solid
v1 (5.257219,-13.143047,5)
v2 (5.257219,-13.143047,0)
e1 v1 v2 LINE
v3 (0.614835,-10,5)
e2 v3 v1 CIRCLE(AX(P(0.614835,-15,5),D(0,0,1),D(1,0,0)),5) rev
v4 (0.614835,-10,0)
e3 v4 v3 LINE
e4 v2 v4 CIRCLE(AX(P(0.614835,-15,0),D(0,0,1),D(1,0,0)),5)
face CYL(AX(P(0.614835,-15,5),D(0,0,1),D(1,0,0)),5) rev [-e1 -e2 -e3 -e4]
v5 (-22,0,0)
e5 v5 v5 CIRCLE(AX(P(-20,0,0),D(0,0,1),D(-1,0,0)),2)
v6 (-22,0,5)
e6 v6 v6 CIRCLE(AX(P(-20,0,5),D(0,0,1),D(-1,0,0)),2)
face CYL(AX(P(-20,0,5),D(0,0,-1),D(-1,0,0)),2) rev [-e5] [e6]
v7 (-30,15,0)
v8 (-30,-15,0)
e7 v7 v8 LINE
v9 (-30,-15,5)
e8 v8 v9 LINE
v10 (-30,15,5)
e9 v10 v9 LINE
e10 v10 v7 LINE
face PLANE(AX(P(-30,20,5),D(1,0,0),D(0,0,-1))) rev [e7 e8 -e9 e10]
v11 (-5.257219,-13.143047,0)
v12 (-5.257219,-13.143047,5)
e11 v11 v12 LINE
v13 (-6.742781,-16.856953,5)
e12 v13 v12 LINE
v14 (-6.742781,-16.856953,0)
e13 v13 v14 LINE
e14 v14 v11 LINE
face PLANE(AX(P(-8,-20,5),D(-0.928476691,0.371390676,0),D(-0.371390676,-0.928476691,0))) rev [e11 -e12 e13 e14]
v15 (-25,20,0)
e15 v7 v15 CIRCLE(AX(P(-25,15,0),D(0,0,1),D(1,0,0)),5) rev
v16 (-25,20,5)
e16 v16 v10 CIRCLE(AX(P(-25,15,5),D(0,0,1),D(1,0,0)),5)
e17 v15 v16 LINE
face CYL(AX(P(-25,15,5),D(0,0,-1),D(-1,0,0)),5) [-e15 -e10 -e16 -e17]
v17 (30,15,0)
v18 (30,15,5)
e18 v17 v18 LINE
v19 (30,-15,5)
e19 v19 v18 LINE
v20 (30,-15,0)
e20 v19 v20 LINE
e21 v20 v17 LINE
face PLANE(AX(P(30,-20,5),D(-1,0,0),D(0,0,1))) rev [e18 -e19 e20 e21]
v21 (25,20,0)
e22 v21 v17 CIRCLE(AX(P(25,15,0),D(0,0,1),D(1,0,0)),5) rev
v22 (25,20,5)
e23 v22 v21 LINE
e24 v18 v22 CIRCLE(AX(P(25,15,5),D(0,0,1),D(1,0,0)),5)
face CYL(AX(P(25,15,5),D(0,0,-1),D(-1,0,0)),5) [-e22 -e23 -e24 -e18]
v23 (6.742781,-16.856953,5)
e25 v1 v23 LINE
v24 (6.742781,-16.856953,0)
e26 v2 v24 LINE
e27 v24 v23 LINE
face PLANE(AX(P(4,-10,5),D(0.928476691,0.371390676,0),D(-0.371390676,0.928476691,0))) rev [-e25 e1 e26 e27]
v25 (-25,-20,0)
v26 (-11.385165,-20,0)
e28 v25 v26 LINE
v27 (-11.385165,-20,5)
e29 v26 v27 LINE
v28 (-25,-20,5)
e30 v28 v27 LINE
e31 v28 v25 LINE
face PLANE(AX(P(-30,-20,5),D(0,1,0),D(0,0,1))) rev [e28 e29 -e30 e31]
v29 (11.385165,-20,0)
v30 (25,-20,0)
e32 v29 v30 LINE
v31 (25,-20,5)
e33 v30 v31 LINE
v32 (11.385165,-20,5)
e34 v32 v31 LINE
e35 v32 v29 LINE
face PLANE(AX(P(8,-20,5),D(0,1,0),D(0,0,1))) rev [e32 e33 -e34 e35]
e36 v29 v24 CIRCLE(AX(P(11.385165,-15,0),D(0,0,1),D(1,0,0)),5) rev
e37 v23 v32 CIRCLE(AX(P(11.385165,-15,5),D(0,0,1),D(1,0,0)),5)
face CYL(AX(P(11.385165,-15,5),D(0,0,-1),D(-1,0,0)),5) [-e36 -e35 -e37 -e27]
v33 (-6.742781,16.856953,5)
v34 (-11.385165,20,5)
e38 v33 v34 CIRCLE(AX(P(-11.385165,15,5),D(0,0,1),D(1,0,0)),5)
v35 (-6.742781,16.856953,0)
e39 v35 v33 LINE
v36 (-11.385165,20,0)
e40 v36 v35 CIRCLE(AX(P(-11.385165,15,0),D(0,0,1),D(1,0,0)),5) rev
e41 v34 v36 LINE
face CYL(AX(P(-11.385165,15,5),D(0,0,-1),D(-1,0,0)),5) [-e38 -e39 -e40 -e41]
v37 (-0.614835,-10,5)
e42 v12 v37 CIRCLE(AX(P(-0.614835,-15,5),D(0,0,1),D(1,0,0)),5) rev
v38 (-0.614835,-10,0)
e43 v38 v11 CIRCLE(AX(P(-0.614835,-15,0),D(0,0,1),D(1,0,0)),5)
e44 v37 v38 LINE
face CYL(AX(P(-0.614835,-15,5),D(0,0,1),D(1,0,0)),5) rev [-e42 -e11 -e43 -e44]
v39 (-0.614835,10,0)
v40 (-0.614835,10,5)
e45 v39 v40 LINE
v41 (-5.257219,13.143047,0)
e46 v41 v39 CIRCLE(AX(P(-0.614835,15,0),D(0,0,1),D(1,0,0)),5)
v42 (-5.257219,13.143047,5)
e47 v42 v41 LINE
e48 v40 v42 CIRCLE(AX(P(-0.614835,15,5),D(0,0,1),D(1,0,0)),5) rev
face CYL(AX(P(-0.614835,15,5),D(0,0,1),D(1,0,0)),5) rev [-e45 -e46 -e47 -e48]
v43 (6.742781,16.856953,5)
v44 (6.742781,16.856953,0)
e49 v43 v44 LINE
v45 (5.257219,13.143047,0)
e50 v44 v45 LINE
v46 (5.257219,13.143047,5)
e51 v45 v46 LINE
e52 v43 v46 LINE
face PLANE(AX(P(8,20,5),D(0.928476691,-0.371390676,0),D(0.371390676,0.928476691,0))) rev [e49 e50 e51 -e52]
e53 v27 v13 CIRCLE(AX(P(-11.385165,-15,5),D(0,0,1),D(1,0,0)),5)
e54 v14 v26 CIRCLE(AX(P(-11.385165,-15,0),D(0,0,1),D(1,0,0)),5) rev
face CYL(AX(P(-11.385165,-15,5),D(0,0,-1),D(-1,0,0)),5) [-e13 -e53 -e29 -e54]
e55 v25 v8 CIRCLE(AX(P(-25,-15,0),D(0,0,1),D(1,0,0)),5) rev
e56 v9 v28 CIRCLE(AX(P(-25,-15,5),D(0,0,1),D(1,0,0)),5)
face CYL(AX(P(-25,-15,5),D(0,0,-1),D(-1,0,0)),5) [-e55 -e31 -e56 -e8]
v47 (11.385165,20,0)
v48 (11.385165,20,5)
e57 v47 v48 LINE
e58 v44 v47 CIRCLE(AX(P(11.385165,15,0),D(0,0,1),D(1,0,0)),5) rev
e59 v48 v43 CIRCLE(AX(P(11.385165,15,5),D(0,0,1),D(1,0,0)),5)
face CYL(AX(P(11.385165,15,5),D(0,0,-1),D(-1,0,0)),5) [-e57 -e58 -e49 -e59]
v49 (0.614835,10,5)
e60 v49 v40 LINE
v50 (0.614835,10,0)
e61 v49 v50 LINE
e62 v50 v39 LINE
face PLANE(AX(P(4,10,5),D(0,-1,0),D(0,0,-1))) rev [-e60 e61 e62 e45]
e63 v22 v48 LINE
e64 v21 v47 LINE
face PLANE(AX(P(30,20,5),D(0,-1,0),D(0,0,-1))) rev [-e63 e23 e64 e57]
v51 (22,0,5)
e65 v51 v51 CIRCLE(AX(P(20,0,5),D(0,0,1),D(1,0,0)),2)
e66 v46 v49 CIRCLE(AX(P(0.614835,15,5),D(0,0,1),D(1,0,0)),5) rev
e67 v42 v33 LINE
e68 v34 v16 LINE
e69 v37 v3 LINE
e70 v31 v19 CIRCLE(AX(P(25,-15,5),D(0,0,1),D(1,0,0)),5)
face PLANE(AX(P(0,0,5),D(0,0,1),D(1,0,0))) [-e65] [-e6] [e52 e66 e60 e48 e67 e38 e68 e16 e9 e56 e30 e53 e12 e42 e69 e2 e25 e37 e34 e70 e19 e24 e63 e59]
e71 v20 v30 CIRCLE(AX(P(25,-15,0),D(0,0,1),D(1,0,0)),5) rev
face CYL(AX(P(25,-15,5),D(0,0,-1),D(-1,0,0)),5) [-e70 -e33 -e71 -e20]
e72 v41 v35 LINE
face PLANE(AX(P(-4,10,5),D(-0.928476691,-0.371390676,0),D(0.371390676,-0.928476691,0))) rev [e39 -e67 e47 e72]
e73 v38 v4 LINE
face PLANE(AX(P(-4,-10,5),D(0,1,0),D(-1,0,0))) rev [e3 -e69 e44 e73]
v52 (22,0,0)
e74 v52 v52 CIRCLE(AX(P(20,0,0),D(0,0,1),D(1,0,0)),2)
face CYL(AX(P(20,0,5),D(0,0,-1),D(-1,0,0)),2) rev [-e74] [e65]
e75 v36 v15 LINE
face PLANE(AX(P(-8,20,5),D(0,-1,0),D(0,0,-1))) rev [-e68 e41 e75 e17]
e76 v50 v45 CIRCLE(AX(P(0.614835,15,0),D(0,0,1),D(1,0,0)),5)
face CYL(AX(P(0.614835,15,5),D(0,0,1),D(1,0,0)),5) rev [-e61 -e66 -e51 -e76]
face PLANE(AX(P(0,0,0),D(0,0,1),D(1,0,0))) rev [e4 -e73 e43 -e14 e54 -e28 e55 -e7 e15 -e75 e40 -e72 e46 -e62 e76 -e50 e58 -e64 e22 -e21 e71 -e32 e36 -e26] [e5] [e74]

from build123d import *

# Parameters (mm, degrees)
ESQUISSE1_R        = 2
BOSS_EXTRU_1_DEPTH = 5
CONG_1_R           = 5


with BuildPart() as part:
    # Esquisse1 → Boss.-Extru.1 (new body)
    with BuildSketch(Plane.XY):
        Polygon((-30, 20), (-30, -20), (-8, -20), (-4, -10), (4, -10), (8, -20), (30, -20), (30, 20), (8, 20), (4, 10), (-4, 10), (-8, 20), align=None)
        with Locations((20, 0)):
            Circle(ESQUISSE1_R, mode=Mode.SUBTRACT)
        with Locations(Location((-20, 0, 0), (0, 0, 180))):
            Circle(ESQUISSE1_R, mode=Mode.SUBTRACT)
    extrude(amount=BOSS_EXTRU_1_DEPTH)

    # Congé1
    cong_1_edges = [part.edges().sort_by_distance(p)[0] for p in [
        (-8, 20, 2.5),
        (-4, 10, 2.5),
        (4, 10, 2.5),
        (8, 20, 2.5),
        (30, 20, 2.5),
        (30, -20, 2.5),
        (8, -20, 2.5),
        (4, -10, 2.5),
        (-4, -10, 2.5),
        (-8, -20, 2.5),
        (-30, -20, 2.5),
        (-30, 20, 2.5),
    ]]
    fillet(cong_1_edges, radius=CONG_1_R)


solid = part.part
